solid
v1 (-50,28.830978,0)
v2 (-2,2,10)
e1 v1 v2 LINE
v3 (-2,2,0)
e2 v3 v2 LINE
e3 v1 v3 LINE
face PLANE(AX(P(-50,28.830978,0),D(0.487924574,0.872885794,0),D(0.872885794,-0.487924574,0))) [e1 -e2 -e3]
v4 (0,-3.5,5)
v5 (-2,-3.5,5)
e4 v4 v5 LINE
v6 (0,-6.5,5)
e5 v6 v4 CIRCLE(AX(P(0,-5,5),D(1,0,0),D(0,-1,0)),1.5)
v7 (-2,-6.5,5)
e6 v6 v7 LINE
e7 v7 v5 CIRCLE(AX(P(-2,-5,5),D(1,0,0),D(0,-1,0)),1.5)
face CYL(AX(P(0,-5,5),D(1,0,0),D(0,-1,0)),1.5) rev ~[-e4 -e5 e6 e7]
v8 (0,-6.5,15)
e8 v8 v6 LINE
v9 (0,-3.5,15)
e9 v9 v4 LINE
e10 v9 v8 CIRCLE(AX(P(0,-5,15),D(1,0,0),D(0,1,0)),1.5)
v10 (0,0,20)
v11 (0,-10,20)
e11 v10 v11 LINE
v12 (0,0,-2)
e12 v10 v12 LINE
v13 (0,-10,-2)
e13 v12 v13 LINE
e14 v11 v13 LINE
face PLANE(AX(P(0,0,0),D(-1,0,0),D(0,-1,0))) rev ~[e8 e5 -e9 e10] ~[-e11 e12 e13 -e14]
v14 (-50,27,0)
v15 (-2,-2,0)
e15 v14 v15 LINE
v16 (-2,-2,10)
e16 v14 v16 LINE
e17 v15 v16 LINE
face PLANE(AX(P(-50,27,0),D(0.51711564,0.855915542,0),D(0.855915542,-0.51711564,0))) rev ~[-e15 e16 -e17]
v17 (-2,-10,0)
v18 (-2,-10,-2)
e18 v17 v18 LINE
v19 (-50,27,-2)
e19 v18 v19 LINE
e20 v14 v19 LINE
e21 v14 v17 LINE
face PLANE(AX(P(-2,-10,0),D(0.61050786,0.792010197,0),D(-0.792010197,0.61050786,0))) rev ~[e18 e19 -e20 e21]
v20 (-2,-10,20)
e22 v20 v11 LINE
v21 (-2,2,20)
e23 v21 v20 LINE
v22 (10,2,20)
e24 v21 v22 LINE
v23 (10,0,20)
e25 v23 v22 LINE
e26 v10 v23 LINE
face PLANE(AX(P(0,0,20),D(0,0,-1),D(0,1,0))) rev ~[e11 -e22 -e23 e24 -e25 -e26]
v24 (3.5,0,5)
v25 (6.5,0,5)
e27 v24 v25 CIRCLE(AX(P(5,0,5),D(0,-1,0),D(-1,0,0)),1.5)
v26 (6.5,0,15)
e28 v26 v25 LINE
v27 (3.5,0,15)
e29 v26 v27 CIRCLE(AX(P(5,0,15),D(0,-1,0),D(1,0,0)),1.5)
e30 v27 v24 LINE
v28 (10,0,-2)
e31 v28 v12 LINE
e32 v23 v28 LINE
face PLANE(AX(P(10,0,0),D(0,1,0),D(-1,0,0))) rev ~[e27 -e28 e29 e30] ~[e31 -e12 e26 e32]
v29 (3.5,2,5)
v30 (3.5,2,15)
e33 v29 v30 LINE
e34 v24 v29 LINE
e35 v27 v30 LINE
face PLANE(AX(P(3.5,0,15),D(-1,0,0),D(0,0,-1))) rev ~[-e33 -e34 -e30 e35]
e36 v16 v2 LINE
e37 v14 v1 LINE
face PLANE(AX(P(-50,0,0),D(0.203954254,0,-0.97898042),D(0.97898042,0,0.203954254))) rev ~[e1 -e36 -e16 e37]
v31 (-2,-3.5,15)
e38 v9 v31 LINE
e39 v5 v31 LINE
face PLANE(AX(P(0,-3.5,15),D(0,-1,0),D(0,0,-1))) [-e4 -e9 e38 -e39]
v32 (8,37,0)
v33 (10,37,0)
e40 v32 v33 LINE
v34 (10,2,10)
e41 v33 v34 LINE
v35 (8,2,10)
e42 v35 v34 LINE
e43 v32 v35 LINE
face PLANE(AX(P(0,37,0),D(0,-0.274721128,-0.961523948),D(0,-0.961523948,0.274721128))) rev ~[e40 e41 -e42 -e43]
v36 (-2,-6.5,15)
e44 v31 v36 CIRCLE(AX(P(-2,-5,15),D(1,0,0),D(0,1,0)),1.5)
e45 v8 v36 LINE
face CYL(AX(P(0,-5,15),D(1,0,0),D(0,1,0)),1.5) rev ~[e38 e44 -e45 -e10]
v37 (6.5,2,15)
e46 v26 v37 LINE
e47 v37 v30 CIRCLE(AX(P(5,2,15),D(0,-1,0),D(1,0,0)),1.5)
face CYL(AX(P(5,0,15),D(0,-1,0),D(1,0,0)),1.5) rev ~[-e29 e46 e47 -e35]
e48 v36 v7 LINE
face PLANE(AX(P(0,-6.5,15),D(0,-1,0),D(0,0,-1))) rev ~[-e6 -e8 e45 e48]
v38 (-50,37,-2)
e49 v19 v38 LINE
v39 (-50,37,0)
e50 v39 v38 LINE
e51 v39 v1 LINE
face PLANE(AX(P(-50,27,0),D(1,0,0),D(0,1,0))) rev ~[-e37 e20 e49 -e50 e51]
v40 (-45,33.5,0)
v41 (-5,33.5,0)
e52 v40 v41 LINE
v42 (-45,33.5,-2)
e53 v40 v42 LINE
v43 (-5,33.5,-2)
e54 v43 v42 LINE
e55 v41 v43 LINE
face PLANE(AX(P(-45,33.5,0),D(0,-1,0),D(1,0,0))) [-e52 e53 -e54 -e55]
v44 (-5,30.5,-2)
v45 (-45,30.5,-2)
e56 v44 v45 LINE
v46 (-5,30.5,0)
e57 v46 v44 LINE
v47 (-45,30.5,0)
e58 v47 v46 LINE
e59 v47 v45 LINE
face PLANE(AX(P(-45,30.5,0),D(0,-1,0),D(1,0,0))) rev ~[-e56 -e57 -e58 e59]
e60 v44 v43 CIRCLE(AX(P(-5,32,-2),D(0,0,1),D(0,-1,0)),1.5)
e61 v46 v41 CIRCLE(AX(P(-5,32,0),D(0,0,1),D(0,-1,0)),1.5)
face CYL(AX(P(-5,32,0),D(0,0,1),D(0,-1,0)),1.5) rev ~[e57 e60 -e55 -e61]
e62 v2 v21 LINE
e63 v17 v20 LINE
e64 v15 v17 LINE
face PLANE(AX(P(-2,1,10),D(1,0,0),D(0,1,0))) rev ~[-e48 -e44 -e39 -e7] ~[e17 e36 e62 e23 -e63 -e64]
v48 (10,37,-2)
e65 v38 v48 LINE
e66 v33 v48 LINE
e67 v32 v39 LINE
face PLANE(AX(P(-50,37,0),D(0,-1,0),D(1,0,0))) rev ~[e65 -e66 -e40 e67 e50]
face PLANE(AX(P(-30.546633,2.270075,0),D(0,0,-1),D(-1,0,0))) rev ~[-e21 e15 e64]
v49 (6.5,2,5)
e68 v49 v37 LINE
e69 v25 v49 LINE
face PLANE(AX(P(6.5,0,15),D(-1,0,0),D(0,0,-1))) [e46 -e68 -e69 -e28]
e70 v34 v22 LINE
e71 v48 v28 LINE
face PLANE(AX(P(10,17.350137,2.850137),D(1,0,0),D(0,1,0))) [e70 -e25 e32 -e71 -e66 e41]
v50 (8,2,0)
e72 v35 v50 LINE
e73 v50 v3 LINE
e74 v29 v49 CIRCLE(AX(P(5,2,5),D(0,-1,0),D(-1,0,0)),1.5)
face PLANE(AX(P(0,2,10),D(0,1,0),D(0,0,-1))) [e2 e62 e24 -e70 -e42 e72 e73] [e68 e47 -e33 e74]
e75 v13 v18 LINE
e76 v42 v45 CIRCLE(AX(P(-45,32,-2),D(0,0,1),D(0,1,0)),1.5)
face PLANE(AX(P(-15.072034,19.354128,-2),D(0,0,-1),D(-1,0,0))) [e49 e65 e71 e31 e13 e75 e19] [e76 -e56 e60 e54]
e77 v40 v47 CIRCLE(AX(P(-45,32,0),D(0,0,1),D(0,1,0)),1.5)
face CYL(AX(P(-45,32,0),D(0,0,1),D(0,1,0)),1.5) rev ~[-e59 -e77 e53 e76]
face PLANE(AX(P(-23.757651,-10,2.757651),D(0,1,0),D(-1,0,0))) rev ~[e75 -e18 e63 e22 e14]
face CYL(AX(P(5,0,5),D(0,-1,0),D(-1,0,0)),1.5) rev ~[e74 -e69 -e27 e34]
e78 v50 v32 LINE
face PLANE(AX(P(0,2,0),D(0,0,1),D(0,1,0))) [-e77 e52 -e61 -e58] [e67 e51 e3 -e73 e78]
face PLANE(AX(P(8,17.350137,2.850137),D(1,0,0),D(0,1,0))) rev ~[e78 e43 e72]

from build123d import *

# Parameters (mm, degrees)
SKETCH_W             = 2
SKETCH_H             = 20
PAD_DEPTH            = 10
POCKET_DEPTH         = 2
SKETCH003_W          = 2
SKETCH003_H          = 20
PAD001_DEPTH         = 10
PAD001_DEPTH_BACK    = 2
POCKET001_DEPTH      = 2.001
PAD002_DEPTH         = 2
PAD003_DEPTH         = 10
PAD003_DEPTH_BACK    = 29
PAD004_DEPTH         = 10
POCKET002_DEPTH      = 2
POCKET002_DEPTH_BACK = -8
POCKET003_DEPTH      = 20.001
POCKET004_DEPTH      = 20.001
POCKET005_DEPTH      = 2.001


with BuildPart() as part:
    # Sketch → Pad (new body)
    with BuildSketch(Plane.XZ):
        with Locations((-1, 10)):
            Rectangle(SKETCH_W, SKETCH_H)
    extrude(amount=PAD_DEPTH)

    # Sketch002 → Pocket (cut)
    with BuildSketch(Plane.YZ):
        with BuildLine():
            ThreePointArc((-3.5, 15), (-5, 16.5), (-6.5, 15))
            Line((-6.5, 15), (-6.5, 5))
            ThreePointArc((-6.5, 5), (-5, 3.5), (-3.5, 5))
            Line((-3.5, 15), (-3.5, 5))
        make_face()
    extrude(amount=-POCKET_DEPTH, mode=Mode.SUBTRACT)

    # Sketch003 → Pad001 (join, two sides)
    with BuildSketch(Plane.YZ) as pad001_sk:
        with Locations((1, 10)):
            Rectangle(SKETCH003_W, SKETCH003_H)
    extrude(amount=PAD001_DEPTH)
    extrude(pad001_sk.sketch, amount=-PAD001_DEPTH_BACK)

    # Sketch001 → Pocket001 (cut, through all)
    with BuildSketch(Plane.XZ):
        with BuildLine():
            ThreePointArc((6.5, 15), (5, 16.5), (3.5, 15))
            Line((3.5, 15), (3.5, 5))
            ThreePointArc((3.5, 5), (5, 3.5), (6.5, 5))
            Line((6.5, 15), (6.5, 5))
        make_face()
    extrude(amount=-POCKET001_DEPTH, mode=Mode.SUBTRACT)

    # Sketch004 → Pad002 (join)
    with BuildSketch(Plane.XY):
        Polygon((-50, 37), (10, 37), (10, 0), (0, 0), (0, -10), (-2, -10), (-50, 27), align=None)
    extrude(amount=-PAD002_DEPTH)

    # Sketch005 → Pad003 (join, two sides)
    with BuildSketch(Plane.XZ) as pad003_sk:
        Polygon((-2, 0), (-50, 0), (-2, 10), align=None)
    extrude(amount=PAD003_DEPTH)
    extrude(pad003_sk.sketch, amount=-PAD003_DEPTH_BACK)

    # Sketch006 → Pad004 (join)
    with BuildSketch(Plane.YZ):
        Polygon((2, 10), (2, 0), (37, 0), align=None)
    extrude(amount=PAD004_DEPTH)

    # Sketch007 → Pocket002 (cut, two sides)
    with BuildSketch(Plane.YZ) as pocket002_sk:
        Polygon((2, 10), (2, 0), (37, 0), align=None)
    extrude(amount=-POCKET002_DEPTH, mode=Mode.SUBTRACT)
    extrude(pocket002_sk.sketch, amount=-POCKET002_DEPTH_BACK, mode=Mode.SUBTRACT)

    # Sketch008 → Pocket003 (cut, through all)
    with BuildSketch(Plane.XY):
        Polygon((-50, 27), (-2, -2), (-2, -12), (-50, -12), align=None)
    extrude(amount=POCKET003_DEPTH, mode=Mode.SUBTRACT)

    # Sketch009 → Pocket004 (cut, through all)
    with BuildSketch(Plane.XY):
        Polygon((-2, 2), (-2, 37), (-50, 37), (-50, 28.830978), align=None)
    extrude(amount=POCKET004_DEPTH, mode=Mode.SUBTRACT)

    # Sketch010 → Pocket005 (cut, through all)
    with BuildSketch(Plane.XY):
        with BuildLine():
            ThreePointArc((-45, 33.5), (-46.5, 32), (-45, 30.5))
            Line((-45, 30.5), (-5, 30.5))
            ThreePointArc((-5, 30.5), (-3.5, 32), (-5, 33.5))
            Line((-45, 33.5), (-5, 33.5))
        make_face()
    extrude(amount=-POCKET005_DEPTH, mode=Mode.SUBTRACT)


solid = part.part
